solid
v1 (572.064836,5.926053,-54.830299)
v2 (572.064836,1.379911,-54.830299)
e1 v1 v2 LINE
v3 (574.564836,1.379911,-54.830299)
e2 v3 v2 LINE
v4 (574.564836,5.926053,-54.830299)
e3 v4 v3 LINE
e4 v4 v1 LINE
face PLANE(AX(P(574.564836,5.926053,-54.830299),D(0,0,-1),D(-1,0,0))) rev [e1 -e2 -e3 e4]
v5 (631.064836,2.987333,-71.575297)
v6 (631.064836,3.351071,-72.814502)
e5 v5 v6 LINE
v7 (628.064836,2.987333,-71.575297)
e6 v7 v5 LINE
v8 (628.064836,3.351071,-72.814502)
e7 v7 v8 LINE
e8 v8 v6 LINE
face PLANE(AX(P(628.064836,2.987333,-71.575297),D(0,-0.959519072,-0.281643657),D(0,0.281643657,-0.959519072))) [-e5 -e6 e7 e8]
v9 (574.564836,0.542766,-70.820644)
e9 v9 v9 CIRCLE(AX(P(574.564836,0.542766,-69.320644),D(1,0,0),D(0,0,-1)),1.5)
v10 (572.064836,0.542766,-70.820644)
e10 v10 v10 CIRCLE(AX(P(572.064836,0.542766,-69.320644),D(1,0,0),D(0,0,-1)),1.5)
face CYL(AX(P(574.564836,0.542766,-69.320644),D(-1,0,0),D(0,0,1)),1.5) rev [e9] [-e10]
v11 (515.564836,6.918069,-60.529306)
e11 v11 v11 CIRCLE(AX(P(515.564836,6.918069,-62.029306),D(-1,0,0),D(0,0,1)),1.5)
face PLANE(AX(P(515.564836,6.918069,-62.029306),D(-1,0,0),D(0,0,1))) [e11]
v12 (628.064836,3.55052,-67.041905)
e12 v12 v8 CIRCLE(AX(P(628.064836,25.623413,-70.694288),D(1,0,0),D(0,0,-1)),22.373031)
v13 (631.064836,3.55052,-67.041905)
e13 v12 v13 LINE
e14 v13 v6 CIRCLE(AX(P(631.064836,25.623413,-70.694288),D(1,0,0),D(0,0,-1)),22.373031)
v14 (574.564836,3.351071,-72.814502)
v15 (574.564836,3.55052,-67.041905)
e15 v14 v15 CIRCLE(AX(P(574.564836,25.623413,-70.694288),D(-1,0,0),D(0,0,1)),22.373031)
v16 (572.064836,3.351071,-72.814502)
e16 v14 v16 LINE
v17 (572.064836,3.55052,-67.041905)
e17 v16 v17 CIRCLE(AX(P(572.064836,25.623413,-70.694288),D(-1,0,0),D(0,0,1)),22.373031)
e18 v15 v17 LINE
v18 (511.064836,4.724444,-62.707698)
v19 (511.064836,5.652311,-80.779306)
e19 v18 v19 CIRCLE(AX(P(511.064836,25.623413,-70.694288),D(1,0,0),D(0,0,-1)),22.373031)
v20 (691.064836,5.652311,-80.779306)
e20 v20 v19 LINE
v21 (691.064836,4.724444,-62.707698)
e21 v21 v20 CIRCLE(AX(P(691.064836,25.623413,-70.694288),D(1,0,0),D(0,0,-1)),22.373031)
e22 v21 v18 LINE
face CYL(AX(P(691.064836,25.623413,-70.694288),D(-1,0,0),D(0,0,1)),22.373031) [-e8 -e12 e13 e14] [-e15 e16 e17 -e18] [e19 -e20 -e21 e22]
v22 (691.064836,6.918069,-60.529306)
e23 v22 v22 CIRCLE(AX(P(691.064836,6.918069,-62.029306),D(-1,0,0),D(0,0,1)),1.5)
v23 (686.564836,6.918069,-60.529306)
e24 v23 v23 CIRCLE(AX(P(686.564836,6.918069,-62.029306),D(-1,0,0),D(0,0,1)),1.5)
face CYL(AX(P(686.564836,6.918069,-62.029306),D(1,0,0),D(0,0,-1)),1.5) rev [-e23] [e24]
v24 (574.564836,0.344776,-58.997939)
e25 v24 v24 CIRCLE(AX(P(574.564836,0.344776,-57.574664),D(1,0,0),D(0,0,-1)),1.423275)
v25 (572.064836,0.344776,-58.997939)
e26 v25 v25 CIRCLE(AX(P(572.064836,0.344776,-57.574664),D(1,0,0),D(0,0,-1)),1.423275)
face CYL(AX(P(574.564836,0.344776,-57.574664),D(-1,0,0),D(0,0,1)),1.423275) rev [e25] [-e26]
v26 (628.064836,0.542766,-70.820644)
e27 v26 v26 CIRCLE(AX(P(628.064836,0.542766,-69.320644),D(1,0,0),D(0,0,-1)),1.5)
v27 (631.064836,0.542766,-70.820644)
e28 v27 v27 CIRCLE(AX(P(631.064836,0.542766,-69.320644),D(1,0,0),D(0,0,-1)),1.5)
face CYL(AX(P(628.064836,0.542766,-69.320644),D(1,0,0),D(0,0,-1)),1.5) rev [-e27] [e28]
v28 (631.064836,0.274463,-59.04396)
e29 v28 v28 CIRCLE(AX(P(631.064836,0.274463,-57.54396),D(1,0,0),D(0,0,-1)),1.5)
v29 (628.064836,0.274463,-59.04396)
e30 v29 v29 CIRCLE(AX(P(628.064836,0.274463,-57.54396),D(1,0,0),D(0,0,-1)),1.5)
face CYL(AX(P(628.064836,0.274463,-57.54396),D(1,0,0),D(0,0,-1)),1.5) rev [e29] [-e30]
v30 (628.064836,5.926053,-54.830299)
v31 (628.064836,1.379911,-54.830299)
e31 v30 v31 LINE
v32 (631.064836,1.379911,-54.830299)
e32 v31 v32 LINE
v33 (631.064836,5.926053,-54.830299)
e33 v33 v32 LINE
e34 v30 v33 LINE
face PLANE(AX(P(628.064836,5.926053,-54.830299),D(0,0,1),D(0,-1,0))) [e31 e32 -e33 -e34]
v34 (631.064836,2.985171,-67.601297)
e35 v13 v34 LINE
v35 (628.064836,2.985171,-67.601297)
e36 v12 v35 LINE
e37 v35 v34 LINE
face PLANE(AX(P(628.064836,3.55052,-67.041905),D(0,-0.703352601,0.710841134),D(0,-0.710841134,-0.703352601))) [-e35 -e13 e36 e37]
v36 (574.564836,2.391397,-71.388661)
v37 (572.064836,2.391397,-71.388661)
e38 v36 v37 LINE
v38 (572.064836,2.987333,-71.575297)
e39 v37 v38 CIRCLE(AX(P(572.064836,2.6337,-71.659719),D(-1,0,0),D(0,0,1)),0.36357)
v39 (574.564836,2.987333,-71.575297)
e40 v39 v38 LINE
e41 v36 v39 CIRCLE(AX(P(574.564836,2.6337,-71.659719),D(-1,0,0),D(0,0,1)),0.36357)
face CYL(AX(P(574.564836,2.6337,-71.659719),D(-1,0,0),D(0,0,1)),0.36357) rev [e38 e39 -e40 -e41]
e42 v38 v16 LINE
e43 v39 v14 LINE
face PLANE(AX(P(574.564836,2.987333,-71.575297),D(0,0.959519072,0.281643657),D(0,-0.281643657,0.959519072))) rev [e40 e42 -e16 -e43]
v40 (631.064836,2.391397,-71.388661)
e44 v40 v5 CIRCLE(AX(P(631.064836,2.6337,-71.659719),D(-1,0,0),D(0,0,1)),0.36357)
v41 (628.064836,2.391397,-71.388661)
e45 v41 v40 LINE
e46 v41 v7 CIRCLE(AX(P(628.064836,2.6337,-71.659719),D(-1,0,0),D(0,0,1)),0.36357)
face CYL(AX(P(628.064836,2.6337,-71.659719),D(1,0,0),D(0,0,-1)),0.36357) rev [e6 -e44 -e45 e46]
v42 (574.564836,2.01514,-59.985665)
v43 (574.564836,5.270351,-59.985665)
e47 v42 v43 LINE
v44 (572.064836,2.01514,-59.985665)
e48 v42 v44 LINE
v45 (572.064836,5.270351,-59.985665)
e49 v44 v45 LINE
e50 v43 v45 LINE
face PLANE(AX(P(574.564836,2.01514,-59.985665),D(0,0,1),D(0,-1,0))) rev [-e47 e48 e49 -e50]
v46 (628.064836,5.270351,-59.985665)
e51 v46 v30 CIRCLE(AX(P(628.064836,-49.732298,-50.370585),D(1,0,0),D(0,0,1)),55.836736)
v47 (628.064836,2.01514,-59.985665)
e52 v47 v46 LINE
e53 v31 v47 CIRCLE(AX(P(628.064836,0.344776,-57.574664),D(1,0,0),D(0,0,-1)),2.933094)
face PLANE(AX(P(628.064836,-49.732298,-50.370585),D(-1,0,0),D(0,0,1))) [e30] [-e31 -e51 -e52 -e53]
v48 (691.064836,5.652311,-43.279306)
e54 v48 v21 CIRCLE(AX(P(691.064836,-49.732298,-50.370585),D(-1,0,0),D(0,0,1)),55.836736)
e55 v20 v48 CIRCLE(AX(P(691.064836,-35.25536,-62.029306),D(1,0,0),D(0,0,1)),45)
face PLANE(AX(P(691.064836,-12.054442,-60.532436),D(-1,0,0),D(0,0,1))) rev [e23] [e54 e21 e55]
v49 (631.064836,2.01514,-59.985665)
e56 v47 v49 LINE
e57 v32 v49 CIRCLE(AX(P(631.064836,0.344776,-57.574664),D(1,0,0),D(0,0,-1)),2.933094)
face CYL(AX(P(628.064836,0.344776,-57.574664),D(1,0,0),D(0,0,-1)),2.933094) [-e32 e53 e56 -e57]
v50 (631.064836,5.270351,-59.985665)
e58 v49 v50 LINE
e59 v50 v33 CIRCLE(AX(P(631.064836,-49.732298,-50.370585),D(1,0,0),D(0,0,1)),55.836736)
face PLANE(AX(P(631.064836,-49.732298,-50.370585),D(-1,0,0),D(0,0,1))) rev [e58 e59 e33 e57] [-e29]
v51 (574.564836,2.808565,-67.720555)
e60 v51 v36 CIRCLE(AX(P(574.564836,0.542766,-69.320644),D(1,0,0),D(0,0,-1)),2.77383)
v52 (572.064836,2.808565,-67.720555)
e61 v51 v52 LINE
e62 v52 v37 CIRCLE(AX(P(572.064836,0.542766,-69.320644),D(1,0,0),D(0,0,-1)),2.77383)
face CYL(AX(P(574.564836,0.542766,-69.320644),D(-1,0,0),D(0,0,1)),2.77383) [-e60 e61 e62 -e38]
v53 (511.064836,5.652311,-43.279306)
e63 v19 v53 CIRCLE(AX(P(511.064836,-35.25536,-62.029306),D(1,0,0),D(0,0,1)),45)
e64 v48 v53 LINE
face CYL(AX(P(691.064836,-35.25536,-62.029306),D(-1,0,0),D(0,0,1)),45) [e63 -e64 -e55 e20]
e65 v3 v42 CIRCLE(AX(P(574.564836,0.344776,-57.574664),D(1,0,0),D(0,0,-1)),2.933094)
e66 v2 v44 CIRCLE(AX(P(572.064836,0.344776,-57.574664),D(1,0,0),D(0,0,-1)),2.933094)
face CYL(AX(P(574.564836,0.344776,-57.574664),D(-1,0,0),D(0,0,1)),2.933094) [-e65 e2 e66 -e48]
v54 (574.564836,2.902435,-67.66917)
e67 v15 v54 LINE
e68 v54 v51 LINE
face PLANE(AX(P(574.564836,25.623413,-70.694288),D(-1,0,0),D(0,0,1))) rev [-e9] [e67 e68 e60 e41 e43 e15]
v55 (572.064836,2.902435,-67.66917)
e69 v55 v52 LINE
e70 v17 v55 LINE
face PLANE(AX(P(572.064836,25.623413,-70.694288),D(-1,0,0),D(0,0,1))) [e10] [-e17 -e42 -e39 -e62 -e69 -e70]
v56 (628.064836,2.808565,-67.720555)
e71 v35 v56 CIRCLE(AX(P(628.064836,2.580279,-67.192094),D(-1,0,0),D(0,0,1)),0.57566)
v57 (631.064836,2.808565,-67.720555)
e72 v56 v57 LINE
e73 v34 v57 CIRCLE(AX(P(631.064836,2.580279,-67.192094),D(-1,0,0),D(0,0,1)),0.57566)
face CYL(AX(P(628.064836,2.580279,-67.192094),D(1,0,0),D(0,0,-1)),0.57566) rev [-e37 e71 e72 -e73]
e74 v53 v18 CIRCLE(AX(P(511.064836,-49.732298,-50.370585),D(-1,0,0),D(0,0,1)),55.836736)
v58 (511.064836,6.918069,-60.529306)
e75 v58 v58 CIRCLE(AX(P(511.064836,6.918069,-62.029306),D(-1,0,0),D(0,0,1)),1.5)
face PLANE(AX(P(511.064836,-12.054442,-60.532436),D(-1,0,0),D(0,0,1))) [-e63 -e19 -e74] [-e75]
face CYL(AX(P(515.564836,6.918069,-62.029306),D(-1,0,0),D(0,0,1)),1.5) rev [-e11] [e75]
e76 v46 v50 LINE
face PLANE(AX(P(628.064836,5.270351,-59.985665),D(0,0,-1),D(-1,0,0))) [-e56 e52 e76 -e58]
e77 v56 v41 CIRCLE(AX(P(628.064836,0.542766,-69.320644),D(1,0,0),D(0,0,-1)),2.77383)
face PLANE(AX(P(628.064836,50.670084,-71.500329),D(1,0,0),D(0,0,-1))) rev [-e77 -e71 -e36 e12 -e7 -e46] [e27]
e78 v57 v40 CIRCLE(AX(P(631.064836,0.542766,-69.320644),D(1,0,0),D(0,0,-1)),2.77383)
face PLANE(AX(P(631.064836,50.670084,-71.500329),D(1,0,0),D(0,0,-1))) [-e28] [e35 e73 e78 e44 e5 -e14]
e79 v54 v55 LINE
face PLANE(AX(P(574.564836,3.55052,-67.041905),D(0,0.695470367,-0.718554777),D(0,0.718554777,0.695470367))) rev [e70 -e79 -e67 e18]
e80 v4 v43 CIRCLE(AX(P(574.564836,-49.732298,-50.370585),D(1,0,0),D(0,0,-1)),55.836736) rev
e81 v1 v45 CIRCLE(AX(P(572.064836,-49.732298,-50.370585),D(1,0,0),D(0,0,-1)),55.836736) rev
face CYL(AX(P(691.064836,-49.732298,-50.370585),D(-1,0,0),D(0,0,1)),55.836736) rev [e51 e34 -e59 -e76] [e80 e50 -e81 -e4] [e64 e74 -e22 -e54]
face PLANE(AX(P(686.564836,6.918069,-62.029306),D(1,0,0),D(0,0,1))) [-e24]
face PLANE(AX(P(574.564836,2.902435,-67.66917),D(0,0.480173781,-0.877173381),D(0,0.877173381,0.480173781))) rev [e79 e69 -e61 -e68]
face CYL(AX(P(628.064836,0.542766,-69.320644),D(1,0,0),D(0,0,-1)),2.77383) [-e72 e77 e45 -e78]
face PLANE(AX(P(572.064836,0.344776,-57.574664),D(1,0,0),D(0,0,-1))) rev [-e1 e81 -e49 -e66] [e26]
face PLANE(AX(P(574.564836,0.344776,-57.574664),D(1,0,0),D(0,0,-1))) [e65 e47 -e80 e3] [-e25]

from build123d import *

# Parameters (mm, degrees)
BOSS_EXTRUDE2_DEPTH = 1200
SKETCH4_R           = 10
CUT_EXTRUDE2_DEPTH  = 30
SKETCH5_R           = 10
BOSS_EXTRUDE3_DEPTH = 20
SCALE1_SCALE        = 0.15
SKETCH8_R           = 1.423275346
SKETCH8_R_2         = 1.5
BOSS_EXTRUDE4_DEPTH = 2.5


with BuildPart() as part:
    # Sketch2 → Boss-Extrude2 (new body)
    with BuildSketch(Plane(origin=(0, 0, 0), x_dir=(0, 0, -1), z_dir=(1, 0, 0))):
        with BuildLine():
            ThreePointArc((-77.006621836, 0), (47.993378164, 27.282197134), (172.993378164, 0))
            ThreePointArc((172.993378164, 0), (113.40797201, -15.816647718), (52.515991285, -6.18577782))
            ThreePointArc((52.515991285, -6.18577782), (-11.973891604, 2.590390407), (-77.006621836, 0))
        make_face()
    extrude(amount=BOSS_EXTRUDE2_DEPTH)

    # Sketch4 → Cut-Extrude2 (cut)
    with BuildSketch(Plane.ZY):
        with Locations((-47.993378164, 8.438388981)):
            Circle(SKETCH4_R)
    cut_extrude2 = extrude(amount=-CUT_EXTRUDE2_DEPTH, mode=Mode.SUBTRACT)

    # Mirror1: Cut-Extrude2 across plane
    add(cut_extrude2.mirror(Plane(origin=(600, 0, 0), x_dir=(0, 0, 1), z_dir=(1, 0, 0))), mode=Mode.SUBTRACT)

    # Sketch5 → Boss-Extrude3 (add)
    with BuildSketch(Plane(origin=(800, 0, 0), x_dir=(0, 0, -1), z_dir=(1, 0, 0))):
        with BuildLine():
            Line((81.410704846, -14.011940423), (85.13998826, -17.780929187))
            ThreePointArc((85.13998826, -17.780929187), (85.592469343, -18.332508198), (85.935038434, -18.958307649))
            ThreePointArc((85.935038434, -18.958307649), (94.512681221, -52.437390339), (110.389076807, -21.739426291))
            ThreePointArc((110.389076807, -21.739426291), (109.883111494, -19.399677201), (111.633319944, -17.766521641))
            Line((111.633319944, -17.766521641), (119.894685982, -15.3415971))
            Line((119.894685982, -15.3415971), (121.619163907, -14.881341581))
            ThreePointArc((121.619163907, -14.881341581), (101.241742119, -14.900548765), (80.905670019, -13.602912771))
            Line((80.905670019, -13.602912771), (81.410704846, -14.011940423))
        make_face()
        with Locations((96.602298961, -34.063635389)):
            Circle(SKETCH5_R, mode=Mode.SUBTRACT)
        with BuildLine():
            Line((0, 1.824950196), (0, -28.482665363))
            ThreePointArc((0, -28.482665363), (20.687062812, -54.790757496), (34.369104077, -24.247803704))
            Line((34.369104077, -24.247803704), (34.369104077, -2.546400914))
            ThreePointArc((34.369104077, -2.546400914), (17.235436494, 0.039346175), (0, 1.824950196))
        make_face()
        with Locations((18.091069948, -35.85231876)):
            Circle(SKETCH5_R, mode=Mode.SUBTRACT)
    extrude(amount=-BOSS_EXTRUDE3_DEPTH)


with BuildPart() as part_1:
    # Scale1: scaled about (601.252748222, 6.649777436, -64.506234279)
    add(part.part.scale(SCALE1_SCALE).moved(Location((511.064835989, 5.652310821, -54.830299137))))

    # Sketch8 → Boss-Extrude4 (add)
    with BuildSketch(Plane(origin=(572.064835989, 0, 0), x_dir=(0, 0, -1), z_dir=(1, 0, 0))):
        with BuildLine():
            Line((54.830299137, 5.92605335), (54.830299137, 1.379911016))
            ThreePointArc((54.830299137, 1.379911016), (57.933358559, -2.566302804), (59.985664749, 2.015140265))
            Line((59.985664749, 2.015140265), (59.985664749, 5.270350684))
            Line((59.985664749, 5.270350684), (56.48845574, 5.92605335))
            Line((56.48845574, 5.92605335), (54.830299137, 5.92605335))
        make_face()
        with Locations((57.574663837, 0.344776051)):
            Circle(SKETCH8_R, mode=Mode.SUBTRACT)
        with BuildLine():
            Line((67.041904864, 3.550519757), (67.669169538, 2.902434591))
            Line((67.669169538, 2.902434591), (67.720554902, 2.808564673))
            ThreePointArc((67.720554902, 2.808564673), (69.00720132, -2.21329773), (71.388660658, 2.391396877))
            ThreePointArc((71.388660658, 2.391396877), (71.312765861, 2.742359241), (71.575297129, 2.987332575))
            Line((71.575297129, 2.987332575), (72.814502034, 3.351071256))
            ThreePointArc((72.814502034, 3.351071256), (69.921739963, 3.263724136), (67.041904864, 3.550519757))
        make_face()
        with Locations((69.320643981, 0.542765513)):
            Circle(SKETCH8_R_2, mode=Mode.SUBTRACT)
    extrude(amount=BOSS_EXTRUDE4_DEPTH)


solid = part_1.part
